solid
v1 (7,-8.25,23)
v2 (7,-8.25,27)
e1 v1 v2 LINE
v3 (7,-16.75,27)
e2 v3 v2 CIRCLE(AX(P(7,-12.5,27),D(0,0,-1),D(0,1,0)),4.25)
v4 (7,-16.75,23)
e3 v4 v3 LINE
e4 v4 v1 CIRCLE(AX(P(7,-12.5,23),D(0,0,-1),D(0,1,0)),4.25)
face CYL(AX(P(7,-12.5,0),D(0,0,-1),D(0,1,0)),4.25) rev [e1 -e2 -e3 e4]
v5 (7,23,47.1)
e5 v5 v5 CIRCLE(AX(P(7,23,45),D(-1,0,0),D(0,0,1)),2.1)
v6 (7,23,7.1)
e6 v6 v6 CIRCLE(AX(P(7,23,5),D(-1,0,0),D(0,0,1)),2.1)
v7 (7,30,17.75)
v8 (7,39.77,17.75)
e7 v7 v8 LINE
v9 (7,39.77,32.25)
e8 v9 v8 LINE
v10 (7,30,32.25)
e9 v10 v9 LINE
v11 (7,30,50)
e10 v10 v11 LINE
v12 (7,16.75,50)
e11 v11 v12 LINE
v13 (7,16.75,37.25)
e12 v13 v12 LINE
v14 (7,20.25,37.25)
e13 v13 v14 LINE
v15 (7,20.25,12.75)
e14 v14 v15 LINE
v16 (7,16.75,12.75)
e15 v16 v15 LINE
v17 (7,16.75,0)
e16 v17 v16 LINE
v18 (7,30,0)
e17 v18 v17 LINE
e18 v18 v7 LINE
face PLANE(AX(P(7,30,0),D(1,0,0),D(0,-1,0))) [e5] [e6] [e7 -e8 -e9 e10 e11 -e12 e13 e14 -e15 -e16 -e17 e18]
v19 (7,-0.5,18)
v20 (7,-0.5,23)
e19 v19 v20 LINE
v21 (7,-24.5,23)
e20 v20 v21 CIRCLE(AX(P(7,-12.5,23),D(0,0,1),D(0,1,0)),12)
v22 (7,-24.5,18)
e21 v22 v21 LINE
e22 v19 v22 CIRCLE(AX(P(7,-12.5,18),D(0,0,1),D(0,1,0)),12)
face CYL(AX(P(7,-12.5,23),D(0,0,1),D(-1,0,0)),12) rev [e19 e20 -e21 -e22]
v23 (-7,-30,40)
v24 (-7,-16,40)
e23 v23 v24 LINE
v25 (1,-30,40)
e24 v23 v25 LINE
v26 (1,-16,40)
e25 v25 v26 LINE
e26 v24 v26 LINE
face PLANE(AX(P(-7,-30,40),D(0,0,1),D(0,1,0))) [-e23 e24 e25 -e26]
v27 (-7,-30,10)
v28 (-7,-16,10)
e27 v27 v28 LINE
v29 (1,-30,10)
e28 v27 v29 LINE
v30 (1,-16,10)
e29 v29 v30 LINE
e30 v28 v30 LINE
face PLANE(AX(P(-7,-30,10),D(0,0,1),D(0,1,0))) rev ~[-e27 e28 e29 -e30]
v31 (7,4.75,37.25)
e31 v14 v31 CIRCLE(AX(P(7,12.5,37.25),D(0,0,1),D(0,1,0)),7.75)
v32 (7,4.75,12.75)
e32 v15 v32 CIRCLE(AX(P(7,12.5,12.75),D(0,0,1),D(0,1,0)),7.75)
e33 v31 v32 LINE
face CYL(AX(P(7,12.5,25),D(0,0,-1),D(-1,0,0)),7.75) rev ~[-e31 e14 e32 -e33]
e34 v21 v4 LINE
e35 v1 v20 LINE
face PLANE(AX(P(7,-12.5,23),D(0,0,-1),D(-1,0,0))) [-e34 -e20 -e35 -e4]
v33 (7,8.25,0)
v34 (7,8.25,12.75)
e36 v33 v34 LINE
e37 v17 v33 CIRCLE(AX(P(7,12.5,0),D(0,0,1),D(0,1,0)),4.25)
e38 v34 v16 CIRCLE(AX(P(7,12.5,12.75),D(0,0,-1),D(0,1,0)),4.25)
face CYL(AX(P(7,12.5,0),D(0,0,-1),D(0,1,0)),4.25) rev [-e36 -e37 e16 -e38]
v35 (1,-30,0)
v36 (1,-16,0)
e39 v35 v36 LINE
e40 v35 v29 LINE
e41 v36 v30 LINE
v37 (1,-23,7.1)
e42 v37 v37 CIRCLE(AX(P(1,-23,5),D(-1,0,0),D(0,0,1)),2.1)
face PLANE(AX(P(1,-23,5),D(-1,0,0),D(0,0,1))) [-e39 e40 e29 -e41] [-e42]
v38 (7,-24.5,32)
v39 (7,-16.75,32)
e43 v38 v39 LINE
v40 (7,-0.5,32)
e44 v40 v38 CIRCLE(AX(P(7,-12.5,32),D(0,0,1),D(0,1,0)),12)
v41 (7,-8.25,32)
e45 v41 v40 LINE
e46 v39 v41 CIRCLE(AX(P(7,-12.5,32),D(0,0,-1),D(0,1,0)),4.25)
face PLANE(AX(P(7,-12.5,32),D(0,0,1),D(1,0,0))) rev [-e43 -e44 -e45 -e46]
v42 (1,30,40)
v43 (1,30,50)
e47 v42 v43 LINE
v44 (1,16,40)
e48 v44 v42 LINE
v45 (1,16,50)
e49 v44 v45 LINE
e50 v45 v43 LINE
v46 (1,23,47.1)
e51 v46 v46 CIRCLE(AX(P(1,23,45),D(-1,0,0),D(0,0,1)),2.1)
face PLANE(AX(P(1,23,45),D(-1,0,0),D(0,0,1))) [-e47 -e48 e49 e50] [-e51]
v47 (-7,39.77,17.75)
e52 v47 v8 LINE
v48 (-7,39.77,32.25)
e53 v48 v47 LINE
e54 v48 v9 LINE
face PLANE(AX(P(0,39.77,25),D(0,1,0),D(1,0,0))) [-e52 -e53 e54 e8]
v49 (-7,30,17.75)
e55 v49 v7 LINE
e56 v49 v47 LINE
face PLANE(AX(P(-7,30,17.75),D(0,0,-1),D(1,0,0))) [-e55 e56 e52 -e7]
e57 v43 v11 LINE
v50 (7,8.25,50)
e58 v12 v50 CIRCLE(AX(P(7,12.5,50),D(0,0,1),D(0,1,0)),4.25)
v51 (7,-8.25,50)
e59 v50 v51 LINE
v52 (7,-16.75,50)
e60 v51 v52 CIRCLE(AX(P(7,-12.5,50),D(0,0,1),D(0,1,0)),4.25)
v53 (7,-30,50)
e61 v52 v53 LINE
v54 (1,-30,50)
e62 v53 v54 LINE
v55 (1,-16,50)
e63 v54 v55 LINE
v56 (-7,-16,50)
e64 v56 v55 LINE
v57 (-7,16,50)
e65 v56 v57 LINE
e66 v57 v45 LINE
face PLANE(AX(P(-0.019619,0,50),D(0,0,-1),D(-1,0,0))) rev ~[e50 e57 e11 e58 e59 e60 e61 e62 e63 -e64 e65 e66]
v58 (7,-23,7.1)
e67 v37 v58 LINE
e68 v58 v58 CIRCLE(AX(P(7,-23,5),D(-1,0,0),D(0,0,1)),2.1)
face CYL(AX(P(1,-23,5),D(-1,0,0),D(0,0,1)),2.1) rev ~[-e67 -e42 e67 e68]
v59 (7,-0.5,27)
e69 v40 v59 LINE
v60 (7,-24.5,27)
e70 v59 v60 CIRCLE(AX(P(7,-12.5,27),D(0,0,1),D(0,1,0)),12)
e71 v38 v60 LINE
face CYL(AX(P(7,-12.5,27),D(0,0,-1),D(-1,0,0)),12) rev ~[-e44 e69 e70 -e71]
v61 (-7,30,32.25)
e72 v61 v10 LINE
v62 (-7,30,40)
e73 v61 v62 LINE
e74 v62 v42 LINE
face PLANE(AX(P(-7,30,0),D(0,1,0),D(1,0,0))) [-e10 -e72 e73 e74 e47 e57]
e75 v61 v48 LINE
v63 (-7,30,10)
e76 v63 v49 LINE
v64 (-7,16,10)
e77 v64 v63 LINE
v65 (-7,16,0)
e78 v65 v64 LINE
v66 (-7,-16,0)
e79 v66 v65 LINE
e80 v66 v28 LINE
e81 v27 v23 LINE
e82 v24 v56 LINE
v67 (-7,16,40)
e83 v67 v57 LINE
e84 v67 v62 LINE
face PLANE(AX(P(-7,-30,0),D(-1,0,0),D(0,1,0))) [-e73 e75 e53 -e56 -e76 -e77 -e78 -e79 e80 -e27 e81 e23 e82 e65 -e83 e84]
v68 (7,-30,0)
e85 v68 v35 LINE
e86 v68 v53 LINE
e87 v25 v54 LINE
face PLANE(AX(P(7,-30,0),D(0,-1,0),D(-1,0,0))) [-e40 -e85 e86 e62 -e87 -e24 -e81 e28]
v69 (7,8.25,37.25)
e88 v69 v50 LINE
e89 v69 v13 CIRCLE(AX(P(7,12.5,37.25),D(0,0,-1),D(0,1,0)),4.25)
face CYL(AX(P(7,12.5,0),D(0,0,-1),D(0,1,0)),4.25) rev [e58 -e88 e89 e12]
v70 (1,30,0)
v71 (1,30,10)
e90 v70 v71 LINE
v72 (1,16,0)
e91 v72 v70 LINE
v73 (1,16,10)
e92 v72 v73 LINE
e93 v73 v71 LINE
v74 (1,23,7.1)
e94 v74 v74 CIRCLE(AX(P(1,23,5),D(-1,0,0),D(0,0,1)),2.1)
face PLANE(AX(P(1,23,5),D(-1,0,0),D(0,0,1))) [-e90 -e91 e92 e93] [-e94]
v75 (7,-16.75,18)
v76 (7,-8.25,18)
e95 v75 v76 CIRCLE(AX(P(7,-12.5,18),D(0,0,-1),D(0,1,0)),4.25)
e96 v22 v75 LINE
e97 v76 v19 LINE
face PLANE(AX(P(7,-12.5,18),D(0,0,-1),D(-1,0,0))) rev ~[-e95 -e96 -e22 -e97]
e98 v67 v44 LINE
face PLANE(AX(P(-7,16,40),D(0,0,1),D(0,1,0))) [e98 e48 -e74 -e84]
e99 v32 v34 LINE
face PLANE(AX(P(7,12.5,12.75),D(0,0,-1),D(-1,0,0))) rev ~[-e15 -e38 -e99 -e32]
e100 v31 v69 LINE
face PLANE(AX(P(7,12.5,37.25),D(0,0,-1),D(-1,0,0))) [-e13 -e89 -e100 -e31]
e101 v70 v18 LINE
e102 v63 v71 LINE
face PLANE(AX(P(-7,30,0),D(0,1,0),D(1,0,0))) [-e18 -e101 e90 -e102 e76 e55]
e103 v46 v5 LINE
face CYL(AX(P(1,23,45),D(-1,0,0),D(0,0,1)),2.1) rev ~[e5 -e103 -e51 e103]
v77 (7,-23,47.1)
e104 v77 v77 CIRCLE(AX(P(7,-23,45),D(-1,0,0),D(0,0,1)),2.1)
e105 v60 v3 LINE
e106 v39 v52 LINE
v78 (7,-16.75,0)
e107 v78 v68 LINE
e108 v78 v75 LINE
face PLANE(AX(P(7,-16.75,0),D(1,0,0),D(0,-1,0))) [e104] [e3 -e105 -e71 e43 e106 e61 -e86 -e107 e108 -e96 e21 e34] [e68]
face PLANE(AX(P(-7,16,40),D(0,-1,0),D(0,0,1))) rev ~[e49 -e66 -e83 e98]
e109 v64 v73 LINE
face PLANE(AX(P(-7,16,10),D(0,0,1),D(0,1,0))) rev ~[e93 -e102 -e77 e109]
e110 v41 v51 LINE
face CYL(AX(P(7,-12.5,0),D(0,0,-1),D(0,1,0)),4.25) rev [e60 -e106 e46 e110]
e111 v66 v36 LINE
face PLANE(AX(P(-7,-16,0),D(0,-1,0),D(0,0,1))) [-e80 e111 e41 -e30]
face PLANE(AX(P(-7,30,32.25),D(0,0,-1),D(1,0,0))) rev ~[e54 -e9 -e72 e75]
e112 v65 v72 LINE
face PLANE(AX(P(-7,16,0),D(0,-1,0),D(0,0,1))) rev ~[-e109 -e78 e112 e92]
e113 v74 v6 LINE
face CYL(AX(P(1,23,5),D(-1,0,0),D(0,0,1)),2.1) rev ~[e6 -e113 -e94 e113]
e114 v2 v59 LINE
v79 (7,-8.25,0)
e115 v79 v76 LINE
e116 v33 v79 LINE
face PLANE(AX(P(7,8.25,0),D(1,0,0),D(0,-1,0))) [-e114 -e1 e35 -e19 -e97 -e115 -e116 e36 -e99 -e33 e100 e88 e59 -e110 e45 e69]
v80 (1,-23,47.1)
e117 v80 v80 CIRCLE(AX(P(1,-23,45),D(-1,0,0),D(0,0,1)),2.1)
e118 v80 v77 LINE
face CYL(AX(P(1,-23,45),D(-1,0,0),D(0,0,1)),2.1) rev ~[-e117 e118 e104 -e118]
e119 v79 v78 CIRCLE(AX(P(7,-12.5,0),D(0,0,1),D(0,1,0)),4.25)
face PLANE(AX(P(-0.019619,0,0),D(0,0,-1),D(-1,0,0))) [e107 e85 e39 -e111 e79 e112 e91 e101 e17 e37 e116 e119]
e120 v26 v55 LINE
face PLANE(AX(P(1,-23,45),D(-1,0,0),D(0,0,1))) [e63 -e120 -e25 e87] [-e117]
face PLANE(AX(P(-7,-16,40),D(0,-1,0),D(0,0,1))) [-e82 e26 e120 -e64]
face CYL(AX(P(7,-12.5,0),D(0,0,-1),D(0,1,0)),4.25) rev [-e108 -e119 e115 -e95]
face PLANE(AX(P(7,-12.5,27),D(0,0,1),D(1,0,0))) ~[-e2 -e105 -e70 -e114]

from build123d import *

# Parameters (mm, degrees)
BOSS_EXTRUDE1_DEPTH = 50
SKETCH2_R           = 7.75
CUT_EXTRUDE1_DEPTH  = 12.25
SKETCH4_R           = 12
CUT_EXTRUDE2_DEPTH  = 5
SKETCH5_W           = 10
SKETCH5_H           = 14
CUT_EXTRUDE3_DEPTH  = 8
SKETCH6_R           = 2.1
CUT_EXTRUDE4_DEPTH  = 7
SKETCH7_W           = 14
SKETCH7_H           = 14.5
BOSS_EXTRUDE2_DEPTH = 9.77


with BuildPart() as part:
    # Sketch1 → Boss-Extrude1 (new body)
    with BuildSketch(Plane.XY):
        with BuildLine():
            Line((-7, 30), (7, 30))
            Line((7, 30), (7, 16.75))
            ThreePointArc((7, 16.75), (2.75, 12.5), (7, 8.25))
            Line((7, 8.25), (7, -8.25))
            ThreePointArc((7, -8.25), (2.75, -12.5), (7, -16.75))
            Line((7, -16.75), (7, -30))
            Line((7, -30), (-7, -30))
            Line((-7, -30), (-7, 30))
        make_face()
    extrude(amount=BOSS_EXTRUDE1_DEPTH)

    # Sketch2 → Cut-Extrude1 (cut, symmetric)
    with BuildSketch(Plane(origin=(0, 0, 25), x_dir=(-1, 0, 0), z_dir=(0, 0, -1))):
        with Locations((-7, 12.5)):
            Circle(SKETCH2_R)
    extrude(amount=CUT_EXTRUDE1_DEPTH, both=True, mode=Mode.SUBTRACT)

    # Sketch4 → Cut-Extrude2 (cut)
    with BuildSketch(Plane(origin=(0, 0, 23), x_dir=(-1, 0, 0), z_dir=(0, 0, -1))):
        with Locations((-7, -12.5)):
            Circle(SKETCH4_R)
    cut_extrude2 = extrude(amount=CUT_EXTRUDE2_DEPTH, mode=Mode.SUBTRACT)

    # Mirror1: Cut-Extrude2 across plane
    add(cut_extrude2.mirror(Plane(origin=(0, 0, 25), x_dir=(1, 0, 0), z_dir=(0, 0, -1))), mode=Mode.SUBTRACT)

    # Sketch5 → Cut-Extrude3 (cut)
    with BuildSketch(Plane.ZY.offset(7)):
        with Locations((5, 23)):
            Rectangle(SKETCH5_W, SKETCH5_H)
        with Locations((45, 23)):
            Rectangle(SKETCH5_W, SKETCH5_H)
        with Locations((45, -23)):
            Rectangle(SKETCH5_W, SKETCH5_H)
        with Locations((5, -23)):
            Rectangle(SKETCH5_W, SKETCH5_H)
    extrude(amount=-CUT_EXTRUDE3_DEPTH, mode=Mode.SUBTRACT)

    # Sketch6 → Cut-Extrude4 (cut, through all)
    with BuildSketch(Plane.ZY.offset(-1)):
        with Locations((5, 23)):
            Circle(SKETCH6_R)
        with Locations((45, 23)):
            Circle(SKETCH6_R)
        with Locations((5, -23)):
            Circle(SKETCH6_R)
        with Locations((45, -23)):
            Circle(SKETCH6_R)
    extrude(amount=-CUT_EXTRUDE4_DEPTH, mode=Mode.SUBTRACT)

    # Sketch7 → Boss-Extrude2 (add)
    with BuildSketch(Plane(origin=(0, 30, 0), x_dir=(1, 0, 0), z_dir=(0, 1, 0))):
        with Locations((0, -25)):
            Rectangle(SKETCH7_W, SKETCH7_H)
    extrude(amount=BOSS_EXTRUDE2_DEPTH)


solid = part.part
